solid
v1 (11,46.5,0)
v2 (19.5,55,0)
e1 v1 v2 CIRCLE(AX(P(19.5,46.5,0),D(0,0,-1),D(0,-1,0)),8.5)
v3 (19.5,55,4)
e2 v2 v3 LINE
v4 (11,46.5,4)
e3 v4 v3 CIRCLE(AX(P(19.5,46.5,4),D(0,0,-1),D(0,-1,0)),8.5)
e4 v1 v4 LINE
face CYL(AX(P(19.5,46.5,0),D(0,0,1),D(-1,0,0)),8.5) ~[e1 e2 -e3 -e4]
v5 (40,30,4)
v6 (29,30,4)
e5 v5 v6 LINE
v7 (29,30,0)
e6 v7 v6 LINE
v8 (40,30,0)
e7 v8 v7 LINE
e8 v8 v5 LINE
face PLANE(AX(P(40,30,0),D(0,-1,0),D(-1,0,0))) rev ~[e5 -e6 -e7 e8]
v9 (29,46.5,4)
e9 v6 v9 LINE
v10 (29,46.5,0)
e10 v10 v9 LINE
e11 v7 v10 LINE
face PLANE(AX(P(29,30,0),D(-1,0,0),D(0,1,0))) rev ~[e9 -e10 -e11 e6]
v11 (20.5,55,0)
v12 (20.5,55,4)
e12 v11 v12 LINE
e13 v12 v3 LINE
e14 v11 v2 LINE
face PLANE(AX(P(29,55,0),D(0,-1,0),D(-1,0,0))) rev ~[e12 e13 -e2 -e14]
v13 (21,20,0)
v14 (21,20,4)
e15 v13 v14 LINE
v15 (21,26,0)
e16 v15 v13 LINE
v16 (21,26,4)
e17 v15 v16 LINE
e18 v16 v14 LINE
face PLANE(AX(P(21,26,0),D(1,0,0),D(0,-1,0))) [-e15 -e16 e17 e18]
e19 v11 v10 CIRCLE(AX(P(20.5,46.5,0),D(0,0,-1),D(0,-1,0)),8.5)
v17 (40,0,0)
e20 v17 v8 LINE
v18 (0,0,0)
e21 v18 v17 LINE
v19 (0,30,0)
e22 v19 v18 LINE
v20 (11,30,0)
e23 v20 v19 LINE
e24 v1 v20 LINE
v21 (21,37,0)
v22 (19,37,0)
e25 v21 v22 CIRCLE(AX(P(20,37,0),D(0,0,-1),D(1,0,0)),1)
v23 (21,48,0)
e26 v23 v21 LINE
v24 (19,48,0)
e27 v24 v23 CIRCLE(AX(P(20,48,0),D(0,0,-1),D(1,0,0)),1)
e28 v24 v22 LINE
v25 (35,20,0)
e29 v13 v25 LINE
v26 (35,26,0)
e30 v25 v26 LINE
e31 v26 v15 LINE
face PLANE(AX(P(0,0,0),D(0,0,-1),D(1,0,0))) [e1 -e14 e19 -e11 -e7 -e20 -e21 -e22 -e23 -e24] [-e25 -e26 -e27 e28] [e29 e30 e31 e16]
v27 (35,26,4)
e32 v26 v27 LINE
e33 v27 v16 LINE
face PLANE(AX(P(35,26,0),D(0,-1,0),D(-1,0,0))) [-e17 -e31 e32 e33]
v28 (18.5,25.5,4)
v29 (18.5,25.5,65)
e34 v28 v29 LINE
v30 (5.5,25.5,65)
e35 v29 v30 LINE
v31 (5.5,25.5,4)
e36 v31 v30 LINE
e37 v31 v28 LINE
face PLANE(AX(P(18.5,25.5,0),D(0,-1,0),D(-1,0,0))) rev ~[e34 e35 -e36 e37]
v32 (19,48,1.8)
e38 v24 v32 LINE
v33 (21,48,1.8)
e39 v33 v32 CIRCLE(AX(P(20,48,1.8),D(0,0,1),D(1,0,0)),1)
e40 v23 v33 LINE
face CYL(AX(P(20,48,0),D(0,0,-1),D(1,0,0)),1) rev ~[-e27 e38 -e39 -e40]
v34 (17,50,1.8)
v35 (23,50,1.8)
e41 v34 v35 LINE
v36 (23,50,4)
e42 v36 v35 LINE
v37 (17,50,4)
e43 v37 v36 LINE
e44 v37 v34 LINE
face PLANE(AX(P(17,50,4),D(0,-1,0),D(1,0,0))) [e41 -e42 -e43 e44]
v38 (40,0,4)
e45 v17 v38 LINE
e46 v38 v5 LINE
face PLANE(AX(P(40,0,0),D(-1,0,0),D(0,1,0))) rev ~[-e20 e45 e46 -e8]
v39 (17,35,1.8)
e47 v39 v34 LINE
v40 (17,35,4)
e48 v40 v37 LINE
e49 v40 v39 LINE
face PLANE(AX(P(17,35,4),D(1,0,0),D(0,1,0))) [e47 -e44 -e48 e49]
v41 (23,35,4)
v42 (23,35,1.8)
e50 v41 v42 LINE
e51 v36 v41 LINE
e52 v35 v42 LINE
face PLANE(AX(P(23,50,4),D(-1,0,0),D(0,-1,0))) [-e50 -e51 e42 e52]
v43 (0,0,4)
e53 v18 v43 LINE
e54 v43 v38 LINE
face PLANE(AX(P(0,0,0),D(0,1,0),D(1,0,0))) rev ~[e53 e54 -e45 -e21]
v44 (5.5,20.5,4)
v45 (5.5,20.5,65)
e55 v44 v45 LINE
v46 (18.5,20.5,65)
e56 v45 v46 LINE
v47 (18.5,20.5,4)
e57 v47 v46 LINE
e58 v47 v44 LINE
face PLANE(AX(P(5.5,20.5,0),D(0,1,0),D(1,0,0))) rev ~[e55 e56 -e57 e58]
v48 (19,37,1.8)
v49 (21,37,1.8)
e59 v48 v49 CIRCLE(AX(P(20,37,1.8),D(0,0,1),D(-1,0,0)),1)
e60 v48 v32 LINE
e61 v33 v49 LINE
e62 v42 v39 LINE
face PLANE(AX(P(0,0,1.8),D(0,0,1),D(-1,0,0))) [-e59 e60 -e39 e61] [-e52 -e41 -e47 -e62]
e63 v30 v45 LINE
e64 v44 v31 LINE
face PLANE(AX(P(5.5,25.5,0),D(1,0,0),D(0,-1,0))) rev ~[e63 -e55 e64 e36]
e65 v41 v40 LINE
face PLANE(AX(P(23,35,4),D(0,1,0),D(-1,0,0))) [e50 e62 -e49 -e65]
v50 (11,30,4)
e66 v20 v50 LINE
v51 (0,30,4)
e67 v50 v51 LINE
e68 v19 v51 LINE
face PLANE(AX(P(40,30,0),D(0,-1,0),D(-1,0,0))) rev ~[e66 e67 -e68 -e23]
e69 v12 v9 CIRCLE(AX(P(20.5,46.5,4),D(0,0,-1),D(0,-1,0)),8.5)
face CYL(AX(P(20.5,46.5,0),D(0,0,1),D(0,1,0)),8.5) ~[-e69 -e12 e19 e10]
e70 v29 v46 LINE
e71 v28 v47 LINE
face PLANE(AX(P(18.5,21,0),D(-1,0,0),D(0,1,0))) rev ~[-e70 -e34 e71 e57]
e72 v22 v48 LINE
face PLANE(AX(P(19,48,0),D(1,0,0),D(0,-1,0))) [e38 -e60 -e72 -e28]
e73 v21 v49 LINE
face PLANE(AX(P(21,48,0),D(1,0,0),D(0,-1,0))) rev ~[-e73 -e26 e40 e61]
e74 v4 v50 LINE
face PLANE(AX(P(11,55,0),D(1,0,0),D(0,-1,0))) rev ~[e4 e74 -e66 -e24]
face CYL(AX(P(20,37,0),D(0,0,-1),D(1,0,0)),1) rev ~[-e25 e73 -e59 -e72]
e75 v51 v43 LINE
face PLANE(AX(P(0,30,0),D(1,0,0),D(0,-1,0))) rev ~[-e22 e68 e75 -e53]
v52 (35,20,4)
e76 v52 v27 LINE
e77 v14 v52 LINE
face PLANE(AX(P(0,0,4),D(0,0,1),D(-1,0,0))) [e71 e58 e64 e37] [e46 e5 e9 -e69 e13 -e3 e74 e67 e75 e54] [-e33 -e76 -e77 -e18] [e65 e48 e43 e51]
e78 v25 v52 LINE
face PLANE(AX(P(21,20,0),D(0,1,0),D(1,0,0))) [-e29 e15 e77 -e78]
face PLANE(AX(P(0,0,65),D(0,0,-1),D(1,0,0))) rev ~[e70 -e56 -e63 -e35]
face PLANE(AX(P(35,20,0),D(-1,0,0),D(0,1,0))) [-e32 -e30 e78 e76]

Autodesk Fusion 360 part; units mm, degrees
sketch "スケッチ1" plane through (0, 0, 0) normal (0, 0, 1) x (1, 0, 0)
  line L0 (0, 0) -> (40, 0)
  line L1 (40, 0) -> (40, 30)
  line L2 (40, 30) -> (0, 30)
  line L3 (0, 30) -> (0, 0)
  line L4 (6, 21) -> (18, 21)
  line L5 (18, 21) -> (18, 25)
  line L6 (18, 25) -> (6, 25)
  line L7 (6, 25) -> (6, 21)
  line L8 (21, 20) -> (35, 20)
  line L9 (35, 20) -> (35, 26)
  line L10 (35, 26) -> (21, 26)
  line L11 (21, 26) -> (21, 20)
  dimension "d1" = 30
extrude "押し出し1" add sketch "スケッチ1" along normal blind 4
sketch "スケッチ2" plane through (0, 0, 4) normal (0, 0, 1) x (-1, 0, 0)
  line L0 (-6, -21) -> (-6, -25)
  line L1 (-6, -25) -> (-18, -25)
  line L2 (-18, -25) -> (-18, -21)
  line L3 (-18, -21) -> (-6, -21)
  line L4 (-21, -20) -> (-21, -26)
  line L5 (-21, -26) -> (-35, -26)
  line L6 (-35, -26) -> (-35, -20)
  line L7 (-35, -20) -> (-21, -20)
  line L8 (0, -30) -> (0, 0)
  line L9 (0, 0) -> (-40, 0)
  line L10 (-40, 0) -> (-40, -30)
  line L11 (-40, -30) -> (0, -30)
sketch "スケッチ3" plane through (0, 0, 0) normal (0, 0, -1) x (1, 0, 0)
  line L0 (6, -25) -> (6, -21)
  line L1 (6, -21) -> (18, -21)
  line L2 (18, -21) -> (18, -25)
  line L3 (18, -25) -> (6, -25)
  line L4 (21, -26) -> (21, -20)
  line L5 (21, -20) -> (35, -20)
  line L6 (35, -20) -> (35, -26)
  line L7 (35, -26) -> (21, -26)
  line L8 (0, 0) -> (0, -30)
  line L9 (0, -30) -> (40, -30)
  line L10 (40, -30) -> (40, 0)
  line L11 (40, 0) -> (0, 0)
  line L12 (19, -21) -> (5, -21)
  line L13 (5, -21) -> (5, -26)
  line L14 (5, -26) -> (19, -26)
  line L15 (19, -26) -> (19, -21)
extrude "押し出し2" cut sketch "スケッチ3" against normal blind 1 contours L0 L2 L3 L12 L13 L14 L15
sketch "スケッチ4" plane through (0, 0, 0) normal (0, 0, -1) x (1, 0, 0)
  line L0 (0, 0) -> (0, -30)
  line L1 (0, -30) -> (40, -30)
  line L2 (40, -30) -> (40, 0)
  line L3 (40, 0) -> (0, 0)
  line L4 (21, -26) -> (21, -20)
  line L5 (21, -20) -> (35, -20)
  line L6 (35, -20) -> (35, -26)
  line L7 (35, -26) -> (21, -26)
  line L8 (5, -21) -> (19, -21)
  line L9 (19, -21) -> (19, -26)
  line L10 (19, -26) -> (5, -26)
  line L11 (5, -26) -> (5, -21)
sketch "スケッチ5" plane through (0, 0, 0) normal (0, 0, -1) x (1, 0, 0)
  line L0 (11, -30) -> (29, -30)
  line L1 (29, -30) -> (29, -55)
  line L2 (29, -55) -> (11, -55)
  line L3 (11, -55) -> (11, -30)
  line L4 (19, -48) -> (19, -37)
  line L5 (21, -48) -> (21, -37)
  circle A0 centre (20, -48) radius 1
  circle A1 centre (20, -37) radius 1
extrude "押し出し3" add sketch "スケッチ5" against normal blind 4
fillet "フィレット1" radius 8.5 2 edges at (11, 55, 2) (29, 55, 2)
sketch "スケッチ6" plane through (0, 0, 4) normal (0, 0, 1) x (-1, 0, 0)
  line L0 (-19, -21) -> (-5, -21)
  line L1 (-5, -21) -> (-5, -26)
  line L2 (-5, -26) -> (-19, -26)
  line L3 (-19, -26) -> (-19, -21)
extrude "押し出し4" cut sketch "スケッチ6" against normal blind 2
extrude "押し出し5" add sketch "スケッチ4" against normal blind 1 contours L8 L9 L10 L11
extrude "押し出し6" cut sketch "スケッチ2" against normal blind 200 contours L0 L1 L2 L3
sketch "スケッチ7" plane through (0, 0, 4) normal (0, 0, 1) x (-1, 0, 0)
  line L0 (-19, -21) -> (-5, -21)
  line L1 (-5, -21) -> (-5, -26)
  line L2 (-5, -26) -> (-19, -26)
  line L3 (-19, -26) -> (-19, -21)
  arc A0 (-29, -46.5) -> (-20.5, -55) centre (-20.5, -46.5) ccw
  line L4 (-20.5, -55) -> (-19.5, -55)
  arc A1 (-19.5, -55) -> (-11, -46.5) centre (-19.5, -46.5) ccw
  line L5 (-11, -46.5) -> (-11, -30)
  line L6 (-11, -30) -> (0, -30)
  line L7 (0, -30) -> (0, 0)
  line L8 (0, 0) -> (-40, 0)
  line L9 (-40, 0) -> (-40, -30)
  line L10 (-40, -30) -> (-29, -30)
  line L11 (-29, -30) -> (-29, -46.5)
  arc A2 (-21, -48) -> (-19, -48) centre (-20, -48) ccw
  line L12 (-21, -48) -> (-21, -37)
  arc A3 (-19, -37) -> (-21, -37) centre (-20, -37) ccw
  line L13 (-19, -37) -> (-19, -48)
  line L14 (-21, -20) -> (-21, -26)
  line L15 (-21, -26) -> (-35, -26)
  line L16 (-35, -26) -> (-35, -20)
  line L17 (-35, -20) -> (-21, -20)
  line L18 (-17, -50) -> (-23, -50)
  line L19 (-23, -50) -> (-23, -35)
  line L20 (-23, -35) -> (-17, -35)
  line L21 (-17, -35) -> (-17, -50)
extrude "押し出し7" cut sketch "スケッチ7" against normal blind 2.2 contours L18 L19 L20 L21
sketch "スケッチ8" plane through (0, 0, 0) normal (0, 0, -1) x (1, 0, 0)
  line L0 (18, -25) -> (6, -25)
  line L1 (6, -25) -> (6, -21)
  line L2 (6, -21) -> (18, -21)
  line L3 (18, -21) -> (18, -25)
  arc A0 (19, -48) -> (21, -48) centre (20, -48) ccw
  line L4 (19, -48) -> (19, -37)
  arc A1 (21, -37) -> (19, -37) centre (20, -37) ccw
  line L5 (21, -37) -> (21, -48)
  arc A2 (20.5, -55) -> (29, -46.5) centre (20.5, -46.5) ccw
  line L6 (29, -46.5) -> (29, -30)
  line L7 (29, -30) -> (40, -30)
  line L8 (40, -30) -> (40, 0)
  line L9 (40, 0) -> (0, 0)
  line L10 (0, 0) -> (0, -30)
  line L11 (0, -30) -> (11, -30)
  line L12 (11, -30) -> (11, -46.5)
  arc A3 (11, -46.5) -> (19.5, -55) centre (19.5, -46.5) ccw
  line L13 (19.5, -55) -> (20.5, -55)
  line L14 (21, -26) -> (21, -20)
  line L15 (21, -20) -> (35, -20)
  line L16 (35, -20) -> (35, -26)
  line L17 (35, -26) -> (21, -26)
  line L18 (18.5, -25.5) -> (5.5, -25.5)
  line L19 (5.5, -25.5) -> (5.5, -20.5)
  line L20 (5.5, -20.5) -> (18.5, -20.5)
  line L21 (18.5, -20.5) -> (18.5, -25.5)
  line L22 (5, -26) -> (19, -26)
  line L23 (19, -26) -> (19, -21)
  line L24 (19, -21) -> (5, -21)
  line L25 (5, -21) -> (5, -26)
extrude "押し出し8" add 1 faces at (10, 25.6667, 2) along direction (0, 0, 1) blind 2
extrude "押し出し9" add sketch "スケッチ8" against normal blind 65 contours L0 L1 L3 L18 L19 L21 L24 | L0 L1 L2 L3 L24 | L2 L19 L20 L21 L24
